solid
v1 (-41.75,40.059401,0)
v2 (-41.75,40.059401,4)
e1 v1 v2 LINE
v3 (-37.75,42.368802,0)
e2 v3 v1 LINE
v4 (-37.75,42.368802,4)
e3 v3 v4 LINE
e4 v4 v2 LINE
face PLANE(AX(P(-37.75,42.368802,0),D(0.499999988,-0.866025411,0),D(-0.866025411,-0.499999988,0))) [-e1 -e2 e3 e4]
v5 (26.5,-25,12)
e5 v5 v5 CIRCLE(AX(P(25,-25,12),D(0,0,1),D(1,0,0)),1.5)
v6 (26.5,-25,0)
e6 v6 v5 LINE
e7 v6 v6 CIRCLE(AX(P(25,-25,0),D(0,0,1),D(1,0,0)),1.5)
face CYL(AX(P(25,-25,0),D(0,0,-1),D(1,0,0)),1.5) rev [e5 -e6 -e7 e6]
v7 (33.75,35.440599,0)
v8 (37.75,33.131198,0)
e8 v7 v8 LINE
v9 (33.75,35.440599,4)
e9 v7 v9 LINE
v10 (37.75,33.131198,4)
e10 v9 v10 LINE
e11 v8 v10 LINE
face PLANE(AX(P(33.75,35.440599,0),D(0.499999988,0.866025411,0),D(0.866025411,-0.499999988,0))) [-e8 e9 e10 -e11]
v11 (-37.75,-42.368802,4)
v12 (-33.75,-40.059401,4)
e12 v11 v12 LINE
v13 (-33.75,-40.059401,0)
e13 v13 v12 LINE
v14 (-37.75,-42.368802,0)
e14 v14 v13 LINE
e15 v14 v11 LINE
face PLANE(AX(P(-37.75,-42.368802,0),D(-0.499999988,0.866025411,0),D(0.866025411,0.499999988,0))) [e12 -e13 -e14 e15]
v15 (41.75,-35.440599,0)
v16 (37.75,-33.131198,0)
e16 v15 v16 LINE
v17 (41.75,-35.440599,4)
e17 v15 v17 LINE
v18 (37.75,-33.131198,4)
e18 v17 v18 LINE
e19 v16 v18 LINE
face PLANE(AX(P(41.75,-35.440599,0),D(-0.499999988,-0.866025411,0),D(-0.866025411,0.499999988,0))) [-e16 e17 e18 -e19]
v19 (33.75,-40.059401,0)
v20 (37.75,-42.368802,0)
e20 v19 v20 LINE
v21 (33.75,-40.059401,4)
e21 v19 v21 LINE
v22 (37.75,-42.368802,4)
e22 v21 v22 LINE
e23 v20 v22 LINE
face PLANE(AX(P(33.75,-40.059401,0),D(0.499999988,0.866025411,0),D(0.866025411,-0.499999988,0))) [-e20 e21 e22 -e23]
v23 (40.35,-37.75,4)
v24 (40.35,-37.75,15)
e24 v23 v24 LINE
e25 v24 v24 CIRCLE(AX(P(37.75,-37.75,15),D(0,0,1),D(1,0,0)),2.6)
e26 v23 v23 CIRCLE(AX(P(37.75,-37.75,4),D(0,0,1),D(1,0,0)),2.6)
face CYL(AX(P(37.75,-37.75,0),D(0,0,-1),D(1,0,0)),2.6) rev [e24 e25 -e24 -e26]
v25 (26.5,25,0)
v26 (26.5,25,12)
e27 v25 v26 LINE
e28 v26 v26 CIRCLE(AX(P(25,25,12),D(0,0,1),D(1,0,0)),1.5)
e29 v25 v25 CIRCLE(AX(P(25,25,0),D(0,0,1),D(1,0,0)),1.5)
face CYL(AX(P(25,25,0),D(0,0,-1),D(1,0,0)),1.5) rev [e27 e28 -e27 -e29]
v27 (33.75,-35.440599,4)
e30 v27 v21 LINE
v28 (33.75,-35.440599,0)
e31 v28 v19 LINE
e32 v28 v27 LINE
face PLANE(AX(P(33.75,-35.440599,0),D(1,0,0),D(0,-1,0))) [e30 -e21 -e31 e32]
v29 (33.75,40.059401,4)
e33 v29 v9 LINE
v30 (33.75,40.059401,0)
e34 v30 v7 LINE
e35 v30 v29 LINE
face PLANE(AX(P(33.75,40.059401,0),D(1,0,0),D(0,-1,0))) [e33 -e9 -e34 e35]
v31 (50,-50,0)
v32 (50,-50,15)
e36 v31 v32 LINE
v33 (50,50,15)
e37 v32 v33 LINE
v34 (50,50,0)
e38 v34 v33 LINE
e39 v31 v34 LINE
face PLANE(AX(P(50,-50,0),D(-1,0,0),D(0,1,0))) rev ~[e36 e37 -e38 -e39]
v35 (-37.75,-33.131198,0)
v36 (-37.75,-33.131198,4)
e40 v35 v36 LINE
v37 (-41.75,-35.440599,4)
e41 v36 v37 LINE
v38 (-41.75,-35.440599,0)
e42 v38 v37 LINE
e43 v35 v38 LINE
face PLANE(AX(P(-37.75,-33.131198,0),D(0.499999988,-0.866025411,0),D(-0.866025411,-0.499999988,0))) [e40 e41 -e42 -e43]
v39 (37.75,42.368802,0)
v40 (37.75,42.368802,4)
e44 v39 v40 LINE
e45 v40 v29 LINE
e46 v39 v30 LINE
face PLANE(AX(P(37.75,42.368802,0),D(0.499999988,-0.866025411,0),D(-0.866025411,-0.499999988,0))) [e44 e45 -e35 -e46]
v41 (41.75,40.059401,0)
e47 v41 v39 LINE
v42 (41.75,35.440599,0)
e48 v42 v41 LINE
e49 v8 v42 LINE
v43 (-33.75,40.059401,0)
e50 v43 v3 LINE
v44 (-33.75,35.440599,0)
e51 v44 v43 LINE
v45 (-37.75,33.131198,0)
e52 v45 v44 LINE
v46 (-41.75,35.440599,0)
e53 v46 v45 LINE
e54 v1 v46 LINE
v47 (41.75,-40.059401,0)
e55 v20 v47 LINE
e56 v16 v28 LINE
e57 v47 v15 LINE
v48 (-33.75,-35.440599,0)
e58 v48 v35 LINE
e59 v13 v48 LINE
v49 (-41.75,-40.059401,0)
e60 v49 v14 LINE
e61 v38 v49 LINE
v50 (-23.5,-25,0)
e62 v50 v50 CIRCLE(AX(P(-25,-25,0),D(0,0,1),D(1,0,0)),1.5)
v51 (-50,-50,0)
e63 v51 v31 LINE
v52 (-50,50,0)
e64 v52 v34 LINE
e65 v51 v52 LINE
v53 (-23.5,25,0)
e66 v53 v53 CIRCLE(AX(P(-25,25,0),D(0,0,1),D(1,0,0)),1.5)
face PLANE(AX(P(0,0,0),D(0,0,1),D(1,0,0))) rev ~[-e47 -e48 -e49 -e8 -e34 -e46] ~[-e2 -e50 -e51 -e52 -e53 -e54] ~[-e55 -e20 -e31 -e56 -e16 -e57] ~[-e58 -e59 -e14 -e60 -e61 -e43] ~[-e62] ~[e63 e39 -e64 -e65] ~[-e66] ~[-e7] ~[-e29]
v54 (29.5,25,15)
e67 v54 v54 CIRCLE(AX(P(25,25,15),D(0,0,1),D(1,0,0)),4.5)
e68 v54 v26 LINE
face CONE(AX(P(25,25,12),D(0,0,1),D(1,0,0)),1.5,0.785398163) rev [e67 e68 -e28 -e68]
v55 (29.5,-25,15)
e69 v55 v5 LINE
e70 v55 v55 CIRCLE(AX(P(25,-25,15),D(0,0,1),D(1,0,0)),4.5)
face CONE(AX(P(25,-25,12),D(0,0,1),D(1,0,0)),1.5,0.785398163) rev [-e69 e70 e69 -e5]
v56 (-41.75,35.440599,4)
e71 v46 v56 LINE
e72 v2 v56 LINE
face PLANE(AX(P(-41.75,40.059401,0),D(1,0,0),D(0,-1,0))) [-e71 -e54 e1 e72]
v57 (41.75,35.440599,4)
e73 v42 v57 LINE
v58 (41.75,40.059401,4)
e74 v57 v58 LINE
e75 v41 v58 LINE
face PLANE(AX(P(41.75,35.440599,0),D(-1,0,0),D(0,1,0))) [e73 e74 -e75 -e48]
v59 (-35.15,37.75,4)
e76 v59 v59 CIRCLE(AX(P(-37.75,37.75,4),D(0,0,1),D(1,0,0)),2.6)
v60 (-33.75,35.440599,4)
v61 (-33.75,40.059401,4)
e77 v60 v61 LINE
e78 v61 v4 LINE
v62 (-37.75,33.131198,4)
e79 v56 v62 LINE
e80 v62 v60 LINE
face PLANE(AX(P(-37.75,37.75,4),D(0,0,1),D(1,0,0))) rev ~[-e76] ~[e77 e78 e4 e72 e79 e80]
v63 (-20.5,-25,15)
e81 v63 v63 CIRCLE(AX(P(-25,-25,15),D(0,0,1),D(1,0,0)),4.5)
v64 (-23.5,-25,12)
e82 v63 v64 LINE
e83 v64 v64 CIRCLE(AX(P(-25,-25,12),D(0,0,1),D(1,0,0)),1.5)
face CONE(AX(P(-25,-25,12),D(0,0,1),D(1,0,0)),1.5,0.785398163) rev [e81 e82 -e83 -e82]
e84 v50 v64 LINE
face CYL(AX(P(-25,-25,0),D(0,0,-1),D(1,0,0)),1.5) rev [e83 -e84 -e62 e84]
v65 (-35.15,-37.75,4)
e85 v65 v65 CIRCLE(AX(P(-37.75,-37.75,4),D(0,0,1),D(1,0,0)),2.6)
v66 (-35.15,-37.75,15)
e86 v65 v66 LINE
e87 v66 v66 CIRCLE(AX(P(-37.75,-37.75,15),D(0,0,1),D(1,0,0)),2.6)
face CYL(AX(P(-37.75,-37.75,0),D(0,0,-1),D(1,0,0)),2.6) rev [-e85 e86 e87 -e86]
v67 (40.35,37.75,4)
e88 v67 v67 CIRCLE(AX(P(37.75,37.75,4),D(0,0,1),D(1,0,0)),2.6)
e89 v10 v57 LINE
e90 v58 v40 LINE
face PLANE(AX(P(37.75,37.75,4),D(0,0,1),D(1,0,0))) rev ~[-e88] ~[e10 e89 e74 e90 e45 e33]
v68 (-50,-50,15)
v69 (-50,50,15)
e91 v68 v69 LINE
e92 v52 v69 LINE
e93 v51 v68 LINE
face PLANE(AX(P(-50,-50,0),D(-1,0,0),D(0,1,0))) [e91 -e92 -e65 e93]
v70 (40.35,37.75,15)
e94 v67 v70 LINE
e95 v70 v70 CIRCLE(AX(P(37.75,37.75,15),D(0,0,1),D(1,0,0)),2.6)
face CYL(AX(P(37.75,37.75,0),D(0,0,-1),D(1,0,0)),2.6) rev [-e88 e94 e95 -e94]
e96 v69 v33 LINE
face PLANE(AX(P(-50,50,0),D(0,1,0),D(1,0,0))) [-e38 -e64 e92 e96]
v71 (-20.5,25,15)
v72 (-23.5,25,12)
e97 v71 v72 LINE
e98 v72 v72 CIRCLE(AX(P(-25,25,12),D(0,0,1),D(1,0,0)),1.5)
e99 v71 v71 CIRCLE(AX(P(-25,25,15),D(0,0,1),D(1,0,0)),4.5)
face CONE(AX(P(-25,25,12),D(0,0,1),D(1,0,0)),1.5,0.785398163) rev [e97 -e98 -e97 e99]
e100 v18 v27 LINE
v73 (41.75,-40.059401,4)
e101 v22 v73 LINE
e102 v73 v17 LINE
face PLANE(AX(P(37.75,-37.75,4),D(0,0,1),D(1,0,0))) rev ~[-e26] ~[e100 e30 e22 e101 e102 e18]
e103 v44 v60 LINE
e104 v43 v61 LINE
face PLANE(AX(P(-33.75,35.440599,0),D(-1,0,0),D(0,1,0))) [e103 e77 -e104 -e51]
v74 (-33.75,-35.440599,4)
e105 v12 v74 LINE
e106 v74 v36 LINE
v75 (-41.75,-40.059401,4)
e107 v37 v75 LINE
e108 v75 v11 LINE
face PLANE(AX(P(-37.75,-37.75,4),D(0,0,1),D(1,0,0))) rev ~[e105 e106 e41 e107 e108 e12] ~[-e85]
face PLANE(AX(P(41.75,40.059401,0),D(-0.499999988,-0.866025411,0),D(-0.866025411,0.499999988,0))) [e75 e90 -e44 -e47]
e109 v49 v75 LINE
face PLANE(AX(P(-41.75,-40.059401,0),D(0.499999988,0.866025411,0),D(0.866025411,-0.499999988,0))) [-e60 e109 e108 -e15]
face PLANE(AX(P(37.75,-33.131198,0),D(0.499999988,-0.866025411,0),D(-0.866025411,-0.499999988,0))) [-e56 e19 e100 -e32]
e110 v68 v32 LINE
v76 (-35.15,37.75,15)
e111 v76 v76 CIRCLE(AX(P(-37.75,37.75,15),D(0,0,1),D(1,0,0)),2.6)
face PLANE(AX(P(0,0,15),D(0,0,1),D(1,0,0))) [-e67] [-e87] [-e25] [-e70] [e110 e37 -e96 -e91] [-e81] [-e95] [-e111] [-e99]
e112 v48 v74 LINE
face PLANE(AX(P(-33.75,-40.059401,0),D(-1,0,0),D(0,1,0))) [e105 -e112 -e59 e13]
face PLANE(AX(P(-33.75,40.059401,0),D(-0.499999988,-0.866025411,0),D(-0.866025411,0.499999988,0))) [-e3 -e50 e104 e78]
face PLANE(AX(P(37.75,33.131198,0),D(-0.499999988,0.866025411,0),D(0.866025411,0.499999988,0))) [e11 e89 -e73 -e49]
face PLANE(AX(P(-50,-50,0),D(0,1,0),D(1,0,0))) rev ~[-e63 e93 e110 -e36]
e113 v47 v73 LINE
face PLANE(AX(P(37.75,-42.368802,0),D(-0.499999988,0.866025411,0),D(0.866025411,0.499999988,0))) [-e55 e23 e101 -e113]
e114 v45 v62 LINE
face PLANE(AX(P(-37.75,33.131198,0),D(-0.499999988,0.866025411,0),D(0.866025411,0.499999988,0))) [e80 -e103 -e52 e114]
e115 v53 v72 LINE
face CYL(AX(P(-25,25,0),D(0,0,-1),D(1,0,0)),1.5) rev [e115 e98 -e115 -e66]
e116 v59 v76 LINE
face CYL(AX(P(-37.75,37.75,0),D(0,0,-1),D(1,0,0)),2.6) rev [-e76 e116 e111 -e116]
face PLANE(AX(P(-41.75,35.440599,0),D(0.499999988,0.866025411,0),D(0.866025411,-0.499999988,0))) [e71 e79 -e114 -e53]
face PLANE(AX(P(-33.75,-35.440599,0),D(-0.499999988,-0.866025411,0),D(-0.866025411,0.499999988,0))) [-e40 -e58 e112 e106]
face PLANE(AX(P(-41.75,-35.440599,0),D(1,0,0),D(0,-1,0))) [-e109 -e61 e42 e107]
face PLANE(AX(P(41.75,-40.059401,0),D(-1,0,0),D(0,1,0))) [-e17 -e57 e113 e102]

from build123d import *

# Parameters (mm, degrees)
F0_W     = 100
F0_H     = 100
F0_R     = 1.5
F0_R_2   = 2.6
F1_DEPTH = 15
F2_DEPTH = 4
F3_SIZE  = 3


with BuildPart() as f1:
    # F0 (on Top) → F1 (new body)
    with BuildSketch(Plane.XY):
        Rectangle(F0_W, F0_H)
        Polygon((-37.75, -33.131198), (-33.75, -35.440599), (-33.75, -40.059401), (-37.75, -42.368802), (-41.75, -40.059401), (-41.75, -35.440599), align=None, mode=Mode.SUBTRACT)
        with Locations((-25, -25)):
            Circle(F0_R, mode=Mode.SUBTRACT)
        Polygon((37.75, -33.131198), (41.75, -35.440599), (41.75, -40.059401), (37.75, -42.368802), (33.75, -40.059401), (33.75, -35.440599), align=None, mode=Mode.SUBTRACT)
        with Locations((25, -25)):
            Circle(F0_R, mode=Mode.SUBTRACT)
        Polygon((-37.75, 33.131198), (-41.75, 35.440599), (-41.75, 40.059401), (-37.75, 42.368802), (-33.75, 40.059401), (-33.75, 35.440599), align=None, mode=Mode.SUBTRACT)
        with Locations((-25, 25)):
            Circle(F0_R, mode=Mode.SUBTRACT)
        with Locations((25, 25)):
            Circle(F0_R, mode=Mode.SUBTRACT)
        Polygon((37.75, 42.368802), (41.75, 40.059401), (41.75, 35.440599), (37.75, 33.131198), (33.75, 35.440599), (33.75, 40.059401), align=None, mode=Mode.SUBTRACT)
        Polygon((41.75, 35.440599), (41.75, 40.059401), (37.75, 42.368802), (33.75, 40.059401), (33.75, 35.440599), (37.75, 33.131198), align=None)
        with Locations((37.75, 37.75)):
            Circle(F0_R_2, mode=Mode.SUBTRACT)
        Polygon((-41.75, 40.059401), (-41.75, 35.440599), (-37.75, 33.131198), (-33.75, 35.440599), (-33.75, 40.059401), (-37.75, 42.368802), align=None)
        with Locations((-37.75, 37.75)):
            Circle(F0_R_2, mode=Mode.SUBTRACT)
        Polygon((-33.75, -40.059401), (-33.75, -35.440599), (-37.75, -33.131198), (-41.75, -35.440599), (-41.75, -40.059401), (-37.75, -42.368802), align=None)
        with Locations((-37.75, -37.75)):
            Circle(F0_R_2, mode=Mode.SUBTRACT)
        Polygon((41.75, -40.059401), (41.75, -35.440599), (37.75, -33.131198), (33.75, -35.440599), (33.75, -40.059401), (37.75, -42.368802), align=None)
        with Locations((37.75, -37.75)):
            Circle(F0_R_2, mode=Mode.SUBTRACT)
    extrude(amount=F1_DEPTH)

    # F0 (on Top) → F2 (cut)
    with BuildSketch(Plane.XY):
        Polygon((-41.75, 40.059401), (-41.75, 35.440599), (-37.75, 33.131198), (-33.75, 35.440599), (-33.75, 40.059401), (-37.75, 42.368802), align=None)
        with Locations((-37.75, 37.75)):
            Circle(F0_R_2, mode=Mode.SUBTRACT)
        Polygon((41.75, 35.440599), (41.75, 40.059401), (37.75, 42.368802), (33.75, 40.059401), (33.75, 35.440599), (37.75, 33.131198), align=None)
        with Locations((37.75, 37.75)):
            Circle(F0_R_2, mode=Mode.SUBTRACT)
        Polygon((41.75, -40.059401), (41.75, -35.440599), (37.75, -33.131198), (33.75, -35.440599), (33.75, -40.059401), (37.75, -42.368802), align=None)
        with Locations((37.75, -37.75)):
            Circle(F0_R_2, mode=Mode.SUBTRACT)
        Polygon((-33.75, -40.059401), (-33.75, -35.440599), (-37.75, -33.131198), (-41.75, -35.440599), (-41.75, -40.059401), (-37.75, -42.368802), align=None)
        with Locations((-37.75, -37.75)):
            Circle(F0_R_2, mode=Mode.SUBTRACT)
    extrude(amount=F2_DEPTH, mode=Mode.SUBTRACT)

    # F3
    f3_edges = [f1.edges().sort_by_distance(p)[0] for p in [
        (-26.5, 25, 15),
        (23.5, 25, 15),
        (23.5, -25, 15),
        (-26.5, -25, 15),
    ]]
    chamfer(f3_edges, length=F3_SIZE)


solid = f1.part
